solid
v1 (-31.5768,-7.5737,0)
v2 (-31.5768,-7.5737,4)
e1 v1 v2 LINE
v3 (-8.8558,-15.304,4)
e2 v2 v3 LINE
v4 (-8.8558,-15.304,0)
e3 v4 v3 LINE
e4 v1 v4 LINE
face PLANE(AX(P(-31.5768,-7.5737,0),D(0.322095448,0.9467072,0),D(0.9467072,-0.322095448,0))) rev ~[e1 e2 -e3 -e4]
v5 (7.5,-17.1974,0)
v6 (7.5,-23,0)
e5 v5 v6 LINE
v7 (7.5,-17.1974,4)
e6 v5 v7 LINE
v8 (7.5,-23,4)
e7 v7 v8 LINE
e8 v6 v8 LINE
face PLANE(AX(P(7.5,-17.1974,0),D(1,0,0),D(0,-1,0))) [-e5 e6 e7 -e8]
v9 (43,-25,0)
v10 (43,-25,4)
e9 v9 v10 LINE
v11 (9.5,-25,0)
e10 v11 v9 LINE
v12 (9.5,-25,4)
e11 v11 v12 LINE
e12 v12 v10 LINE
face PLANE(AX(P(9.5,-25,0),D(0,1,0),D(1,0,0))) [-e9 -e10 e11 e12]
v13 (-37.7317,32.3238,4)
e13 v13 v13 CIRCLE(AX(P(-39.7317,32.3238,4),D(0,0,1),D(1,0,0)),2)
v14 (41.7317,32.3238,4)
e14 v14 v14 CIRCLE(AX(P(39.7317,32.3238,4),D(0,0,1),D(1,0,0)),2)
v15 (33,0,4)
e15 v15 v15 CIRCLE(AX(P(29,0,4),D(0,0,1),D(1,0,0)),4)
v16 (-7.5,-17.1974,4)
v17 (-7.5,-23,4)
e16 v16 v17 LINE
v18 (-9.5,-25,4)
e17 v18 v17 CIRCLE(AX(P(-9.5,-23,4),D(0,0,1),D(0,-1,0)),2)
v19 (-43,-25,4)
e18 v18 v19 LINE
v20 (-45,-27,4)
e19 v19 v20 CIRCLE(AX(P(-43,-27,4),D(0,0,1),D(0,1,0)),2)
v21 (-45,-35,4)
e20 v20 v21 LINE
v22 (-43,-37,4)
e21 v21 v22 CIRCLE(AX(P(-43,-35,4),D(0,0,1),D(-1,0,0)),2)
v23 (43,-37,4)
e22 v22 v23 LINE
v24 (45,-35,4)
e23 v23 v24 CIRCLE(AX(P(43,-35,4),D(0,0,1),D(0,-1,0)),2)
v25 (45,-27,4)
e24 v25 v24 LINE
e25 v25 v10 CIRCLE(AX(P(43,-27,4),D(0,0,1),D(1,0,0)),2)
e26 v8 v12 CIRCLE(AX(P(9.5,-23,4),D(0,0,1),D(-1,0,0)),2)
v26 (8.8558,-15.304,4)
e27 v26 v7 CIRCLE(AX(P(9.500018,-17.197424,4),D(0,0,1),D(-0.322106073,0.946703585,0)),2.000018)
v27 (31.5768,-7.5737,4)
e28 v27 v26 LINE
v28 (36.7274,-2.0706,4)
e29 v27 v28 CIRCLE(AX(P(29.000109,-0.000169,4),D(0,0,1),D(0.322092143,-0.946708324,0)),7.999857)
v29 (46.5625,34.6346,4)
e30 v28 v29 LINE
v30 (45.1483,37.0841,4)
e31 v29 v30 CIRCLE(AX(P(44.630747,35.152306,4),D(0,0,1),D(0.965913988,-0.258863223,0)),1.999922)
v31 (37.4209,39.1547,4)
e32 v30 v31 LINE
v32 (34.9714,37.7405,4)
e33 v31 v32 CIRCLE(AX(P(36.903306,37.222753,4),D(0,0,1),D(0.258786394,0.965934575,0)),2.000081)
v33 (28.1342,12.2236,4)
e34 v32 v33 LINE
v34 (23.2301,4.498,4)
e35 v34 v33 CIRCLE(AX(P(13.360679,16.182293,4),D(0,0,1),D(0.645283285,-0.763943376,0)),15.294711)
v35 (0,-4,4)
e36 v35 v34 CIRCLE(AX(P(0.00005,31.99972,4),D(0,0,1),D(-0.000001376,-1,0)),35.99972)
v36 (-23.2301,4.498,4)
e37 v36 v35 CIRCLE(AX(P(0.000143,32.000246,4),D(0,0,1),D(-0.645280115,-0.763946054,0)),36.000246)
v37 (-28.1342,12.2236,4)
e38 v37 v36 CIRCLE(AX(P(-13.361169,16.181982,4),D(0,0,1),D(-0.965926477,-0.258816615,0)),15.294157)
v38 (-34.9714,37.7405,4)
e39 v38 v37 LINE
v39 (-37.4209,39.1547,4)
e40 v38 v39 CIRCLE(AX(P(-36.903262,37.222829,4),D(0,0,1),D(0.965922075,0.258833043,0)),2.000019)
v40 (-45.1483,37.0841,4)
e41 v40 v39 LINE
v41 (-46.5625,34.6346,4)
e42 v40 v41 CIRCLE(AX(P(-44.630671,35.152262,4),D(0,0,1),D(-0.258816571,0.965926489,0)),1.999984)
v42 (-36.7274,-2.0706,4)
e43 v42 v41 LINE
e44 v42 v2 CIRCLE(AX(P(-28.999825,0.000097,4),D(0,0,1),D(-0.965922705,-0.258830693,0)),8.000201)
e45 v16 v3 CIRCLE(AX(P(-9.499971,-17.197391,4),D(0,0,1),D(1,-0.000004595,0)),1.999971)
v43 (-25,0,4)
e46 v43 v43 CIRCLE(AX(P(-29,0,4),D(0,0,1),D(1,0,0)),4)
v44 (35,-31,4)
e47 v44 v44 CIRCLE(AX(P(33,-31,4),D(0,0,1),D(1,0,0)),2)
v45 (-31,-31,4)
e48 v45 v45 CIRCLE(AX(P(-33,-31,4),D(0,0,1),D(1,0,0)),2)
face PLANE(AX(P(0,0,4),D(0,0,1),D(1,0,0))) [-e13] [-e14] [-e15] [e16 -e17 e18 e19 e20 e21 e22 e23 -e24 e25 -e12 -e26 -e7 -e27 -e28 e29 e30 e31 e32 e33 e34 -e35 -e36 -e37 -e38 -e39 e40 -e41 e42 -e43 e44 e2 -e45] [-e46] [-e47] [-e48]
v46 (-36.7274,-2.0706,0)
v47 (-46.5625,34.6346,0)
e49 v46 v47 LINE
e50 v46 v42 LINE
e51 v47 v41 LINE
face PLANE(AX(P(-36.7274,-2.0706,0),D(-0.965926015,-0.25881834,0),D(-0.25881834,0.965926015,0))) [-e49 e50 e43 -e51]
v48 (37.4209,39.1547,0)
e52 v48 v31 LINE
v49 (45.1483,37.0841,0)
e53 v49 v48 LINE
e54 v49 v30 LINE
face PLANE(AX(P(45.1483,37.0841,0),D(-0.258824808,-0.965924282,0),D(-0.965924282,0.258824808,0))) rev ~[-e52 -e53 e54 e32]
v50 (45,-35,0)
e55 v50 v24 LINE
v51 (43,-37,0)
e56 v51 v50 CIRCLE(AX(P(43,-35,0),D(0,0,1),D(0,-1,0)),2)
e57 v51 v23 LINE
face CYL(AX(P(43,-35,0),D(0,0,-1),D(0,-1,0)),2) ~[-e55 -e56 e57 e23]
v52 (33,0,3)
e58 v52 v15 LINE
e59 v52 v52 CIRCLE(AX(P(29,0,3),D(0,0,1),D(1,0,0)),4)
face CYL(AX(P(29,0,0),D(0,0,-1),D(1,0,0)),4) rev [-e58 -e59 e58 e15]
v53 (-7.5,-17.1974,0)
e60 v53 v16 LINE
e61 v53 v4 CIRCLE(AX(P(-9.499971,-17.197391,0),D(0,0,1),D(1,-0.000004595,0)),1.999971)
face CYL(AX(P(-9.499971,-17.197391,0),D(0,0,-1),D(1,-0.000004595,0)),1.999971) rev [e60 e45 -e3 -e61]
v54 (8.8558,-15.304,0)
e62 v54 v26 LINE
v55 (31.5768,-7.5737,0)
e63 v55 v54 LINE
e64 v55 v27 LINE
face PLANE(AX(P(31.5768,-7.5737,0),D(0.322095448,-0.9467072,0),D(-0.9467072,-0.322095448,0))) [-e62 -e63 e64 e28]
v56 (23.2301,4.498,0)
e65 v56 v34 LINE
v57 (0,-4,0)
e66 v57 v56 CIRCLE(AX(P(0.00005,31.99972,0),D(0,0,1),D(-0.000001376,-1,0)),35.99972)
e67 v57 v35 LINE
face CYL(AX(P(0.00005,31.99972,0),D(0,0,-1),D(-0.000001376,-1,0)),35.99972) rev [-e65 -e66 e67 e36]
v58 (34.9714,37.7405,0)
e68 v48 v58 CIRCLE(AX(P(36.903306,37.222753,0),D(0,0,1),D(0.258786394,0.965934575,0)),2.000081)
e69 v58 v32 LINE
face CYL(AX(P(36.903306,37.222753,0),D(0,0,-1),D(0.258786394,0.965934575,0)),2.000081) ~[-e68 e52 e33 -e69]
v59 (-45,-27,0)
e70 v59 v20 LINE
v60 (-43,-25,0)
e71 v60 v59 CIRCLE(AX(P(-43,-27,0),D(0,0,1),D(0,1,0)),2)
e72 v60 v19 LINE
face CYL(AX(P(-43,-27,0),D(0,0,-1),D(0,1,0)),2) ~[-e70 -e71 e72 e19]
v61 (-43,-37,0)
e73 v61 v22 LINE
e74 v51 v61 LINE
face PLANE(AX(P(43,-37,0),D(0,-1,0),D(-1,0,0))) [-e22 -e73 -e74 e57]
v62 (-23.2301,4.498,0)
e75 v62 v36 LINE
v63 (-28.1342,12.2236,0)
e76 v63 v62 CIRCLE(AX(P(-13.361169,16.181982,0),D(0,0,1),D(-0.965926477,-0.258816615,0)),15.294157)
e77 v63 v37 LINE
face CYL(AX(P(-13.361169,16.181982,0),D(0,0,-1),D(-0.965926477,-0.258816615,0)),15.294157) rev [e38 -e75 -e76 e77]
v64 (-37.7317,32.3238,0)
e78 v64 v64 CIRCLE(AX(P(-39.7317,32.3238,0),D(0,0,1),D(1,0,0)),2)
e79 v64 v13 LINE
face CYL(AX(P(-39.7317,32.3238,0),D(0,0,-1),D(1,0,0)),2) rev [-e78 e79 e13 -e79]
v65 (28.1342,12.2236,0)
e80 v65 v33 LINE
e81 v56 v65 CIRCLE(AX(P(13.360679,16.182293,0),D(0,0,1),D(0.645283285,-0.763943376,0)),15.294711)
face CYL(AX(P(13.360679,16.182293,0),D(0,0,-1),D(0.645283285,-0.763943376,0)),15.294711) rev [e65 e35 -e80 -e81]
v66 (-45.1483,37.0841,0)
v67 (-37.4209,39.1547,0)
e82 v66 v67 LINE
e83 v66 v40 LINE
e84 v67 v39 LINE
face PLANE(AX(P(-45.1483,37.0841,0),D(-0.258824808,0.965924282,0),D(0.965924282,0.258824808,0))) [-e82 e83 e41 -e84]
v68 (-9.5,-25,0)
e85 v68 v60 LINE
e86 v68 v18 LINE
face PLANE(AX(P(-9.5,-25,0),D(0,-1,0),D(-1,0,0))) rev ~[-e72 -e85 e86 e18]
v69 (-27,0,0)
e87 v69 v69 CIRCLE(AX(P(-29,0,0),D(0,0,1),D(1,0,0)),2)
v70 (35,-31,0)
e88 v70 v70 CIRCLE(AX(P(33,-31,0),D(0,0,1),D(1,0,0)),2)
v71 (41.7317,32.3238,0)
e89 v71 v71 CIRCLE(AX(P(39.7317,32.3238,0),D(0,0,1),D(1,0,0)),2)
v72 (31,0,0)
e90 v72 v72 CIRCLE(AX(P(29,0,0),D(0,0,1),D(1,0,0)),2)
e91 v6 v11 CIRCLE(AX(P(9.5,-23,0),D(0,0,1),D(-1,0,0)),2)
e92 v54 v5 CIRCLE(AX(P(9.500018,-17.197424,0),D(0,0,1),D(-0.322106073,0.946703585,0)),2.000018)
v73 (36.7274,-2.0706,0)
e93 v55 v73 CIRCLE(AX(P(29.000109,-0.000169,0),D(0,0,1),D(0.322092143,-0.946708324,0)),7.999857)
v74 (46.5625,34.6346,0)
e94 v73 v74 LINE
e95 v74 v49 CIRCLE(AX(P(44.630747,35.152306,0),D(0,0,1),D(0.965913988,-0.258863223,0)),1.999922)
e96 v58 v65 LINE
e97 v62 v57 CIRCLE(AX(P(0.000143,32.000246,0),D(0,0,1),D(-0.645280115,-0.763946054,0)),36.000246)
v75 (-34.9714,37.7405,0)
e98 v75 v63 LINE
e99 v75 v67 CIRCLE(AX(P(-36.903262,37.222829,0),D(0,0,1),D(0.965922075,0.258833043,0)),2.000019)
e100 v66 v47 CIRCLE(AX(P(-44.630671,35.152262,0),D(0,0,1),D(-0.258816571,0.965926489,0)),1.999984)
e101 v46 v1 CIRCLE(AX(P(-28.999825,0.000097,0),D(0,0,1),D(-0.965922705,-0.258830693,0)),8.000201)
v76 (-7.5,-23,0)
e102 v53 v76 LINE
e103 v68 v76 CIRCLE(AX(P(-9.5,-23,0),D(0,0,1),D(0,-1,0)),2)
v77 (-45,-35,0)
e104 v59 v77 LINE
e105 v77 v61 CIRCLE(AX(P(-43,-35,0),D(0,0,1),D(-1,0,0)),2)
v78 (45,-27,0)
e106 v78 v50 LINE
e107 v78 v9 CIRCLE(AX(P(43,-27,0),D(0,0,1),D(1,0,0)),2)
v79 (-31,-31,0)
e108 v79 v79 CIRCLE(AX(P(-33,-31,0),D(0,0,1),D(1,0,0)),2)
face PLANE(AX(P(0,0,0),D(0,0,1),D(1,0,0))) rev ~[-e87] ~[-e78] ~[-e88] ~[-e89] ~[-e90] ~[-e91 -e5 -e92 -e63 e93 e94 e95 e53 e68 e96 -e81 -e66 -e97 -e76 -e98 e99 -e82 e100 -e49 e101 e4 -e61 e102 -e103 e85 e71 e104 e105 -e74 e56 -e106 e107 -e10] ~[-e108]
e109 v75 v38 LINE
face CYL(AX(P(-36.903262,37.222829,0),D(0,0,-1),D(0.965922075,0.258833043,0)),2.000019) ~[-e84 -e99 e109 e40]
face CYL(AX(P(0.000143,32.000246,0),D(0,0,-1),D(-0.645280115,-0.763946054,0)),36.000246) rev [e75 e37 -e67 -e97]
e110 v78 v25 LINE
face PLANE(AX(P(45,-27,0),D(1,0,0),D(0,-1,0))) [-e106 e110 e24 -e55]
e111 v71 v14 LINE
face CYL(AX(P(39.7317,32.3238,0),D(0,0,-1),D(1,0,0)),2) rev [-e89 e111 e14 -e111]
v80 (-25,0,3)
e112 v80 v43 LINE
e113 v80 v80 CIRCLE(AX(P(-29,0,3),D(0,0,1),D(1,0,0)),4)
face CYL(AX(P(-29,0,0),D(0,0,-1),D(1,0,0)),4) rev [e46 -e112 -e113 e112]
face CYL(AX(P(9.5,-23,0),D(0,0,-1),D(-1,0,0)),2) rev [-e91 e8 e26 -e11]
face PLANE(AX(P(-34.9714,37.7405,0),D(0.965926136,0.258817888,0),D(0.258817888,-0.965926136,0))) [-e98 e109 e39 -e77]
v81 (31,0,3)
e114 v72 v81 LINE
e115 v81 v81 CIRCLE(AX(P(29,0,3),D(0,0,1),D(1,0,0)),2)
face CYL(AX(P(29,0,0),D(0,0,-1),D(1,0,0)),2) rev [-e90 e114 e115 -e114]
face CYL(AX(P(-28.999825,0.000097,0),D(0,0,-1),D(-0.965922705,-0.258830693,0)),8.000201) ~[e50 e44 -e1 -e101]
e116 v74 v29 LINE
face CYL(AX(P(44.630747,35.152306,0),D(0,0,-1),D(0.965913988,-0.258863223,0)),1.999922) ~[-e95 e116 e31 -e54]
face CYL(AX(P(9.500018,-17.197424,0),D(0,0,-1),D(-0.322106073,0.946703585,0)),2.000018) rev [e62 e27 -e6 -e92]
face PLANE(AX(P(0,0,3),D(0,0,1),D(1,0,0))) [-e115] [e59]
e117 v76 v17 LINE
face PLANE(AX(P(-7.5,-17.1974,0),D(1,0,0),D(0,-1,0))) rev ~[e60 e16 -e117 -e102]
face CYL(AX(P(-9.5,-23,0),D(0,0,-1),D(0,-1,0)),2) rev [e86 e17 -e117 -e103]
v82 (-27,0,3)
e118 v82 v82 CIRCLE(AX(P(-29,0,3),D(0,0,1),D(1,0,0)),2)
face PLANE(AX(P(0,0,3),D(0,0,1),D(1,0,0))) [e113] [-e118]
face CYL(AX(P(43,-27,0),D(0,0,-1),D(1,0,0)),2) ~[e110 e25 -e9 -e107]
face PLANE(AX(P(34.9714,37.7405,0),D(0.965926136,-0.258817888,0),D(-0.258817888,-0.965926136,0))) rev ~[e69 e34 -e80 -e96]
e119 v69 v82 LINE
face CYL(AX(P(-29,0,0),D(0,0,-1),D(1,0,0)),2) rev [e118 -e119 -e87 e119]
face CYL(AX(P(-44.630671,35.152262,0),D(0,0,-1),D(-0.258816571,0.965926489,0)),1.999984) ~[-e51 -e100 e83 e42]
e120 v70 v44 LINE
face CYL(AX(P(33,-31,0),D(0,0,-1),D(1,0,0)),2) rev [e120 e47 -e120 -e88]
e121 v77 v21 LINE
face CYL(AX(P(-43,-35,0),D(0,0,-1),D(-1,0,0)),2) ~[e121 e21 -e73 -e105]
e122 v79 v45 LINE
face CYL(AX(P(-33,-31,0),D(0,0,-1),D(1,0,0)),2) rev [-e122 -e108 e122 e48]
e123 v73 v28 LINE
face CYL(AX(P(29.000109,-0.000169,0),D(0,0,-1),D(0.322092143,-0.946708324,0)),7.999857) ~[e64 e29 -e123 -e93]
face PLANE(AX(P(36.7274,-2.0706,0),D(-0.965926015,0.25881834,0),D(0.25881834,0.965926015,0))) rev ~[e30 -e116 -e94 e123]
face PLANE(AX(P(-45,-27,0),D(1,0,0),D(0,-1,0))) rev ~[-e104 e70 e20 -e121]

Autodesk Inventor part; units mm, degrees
ref_plane "YZ Plane" through (0, 0, 0) normal (1, 0, 0) x (0, 1, 0)
ref_plane "XZ Plane" through (0, 0, 0) normal (0, 1, 0) x (-1, 0, 0)
ref_plane "XY Plane" through (0, 0, 0) normal (0, 0, 1) x (1, 0, 0)
sketch "Sketch1" plane through (0, 0, 0) normal (0, 0, 1) x (1, 0, 0)
  circle A0 centre (-29, 0) radius 2
  line L0 (-62.2888, 0) -> (62.2888, 0) construction
  arc A1 (-36.7274, -2.0706) -> (-31.5768, -7.5737) centre (-29, 0) ccw
  arc A2 (-23.2301, 4.498) -> (0, -4) centre (0, 32) ccw
  line L1 (0, -55.9324) -> (0, 55.5944) construction
  line L2 (-31.5768, -7.5737) -> (-8.8558, -15.304)
  line L3 (-7.5, -17.1974) -> (-7.5, -23)
  line L4 (-36.7274, -2.0706) -> (-46.5625, 34.6346)
  line L5 (-45.1483, 37.0841) -> (-37.4209, 39.1547)
  line L6 (-34.9714, 37.7405) -> (-28.1342, 12.2236)
  arc A3 (-7.5, -17.1974) -> (-8.8558, -15.304) centre (-9.5, -17.1974) ccw
  arc A4 (-45.1483, 37.0841) -> (-46.5625, 34.6346) centre (-44.6307, 35.1523) ccw
  arc A5 (-34.9714, 37.7405) -> (-37.4209, 39.1547) centre (-36.9033, 37.2228) ccw
  circle A6 centre (29, 0) radius 2
  line L7 (62.2888, 0) -> (-62.2888, 0) construction
  arc A7 (31.5768, -7.5737) -> (36.7274, -2.0706) centre (29, 0) ccw
  line L8 (31.5768, -7.5737) -> (8.8558, -15.304)
  line L9 (7.5, -17.1974) -> (7.5, -25)
  line L10 (36.7274, -2.0706) -> (46.5625, 34.6346)
  line L11 (45.1483, 37.0841) -> (37.4209, 39.1547)
  arc A8 (8.8558, -15.304) -> (7.5, -17.1974) centre (9.5, -17.1974) ccw
  arc A9 (46.5625, 34.6346) -> (45.1483, 37.0841) centre (44.6307, 35.1523) ccw
  arc A10 (37.4209, 39.1547) -> (34.9714, 37.7405) centre (36.9033, 37.2228) ccw
  circle A11 centre (-29, 0) radius 4
  circle A12 centre (29, 0) radius 4
  line L12 (-9.5, -25) -> (-43, -25)
  line L13 (-45, -27) -> (-45, -35)
  line L14 (-43, -37) -> (0, -37)
  arc A13 (-43, -25) -> (-45, -27) centre (-43, -27) ccw
  arc A14 (-45, -35) -> (-43, -37) centre (-43, -35) ccw
  arc A15 (-9.5, -25) -> (-7.5, -23) centre (-9.5, -23) ccw
  line L15 (9.5, -25) -> (43, -25)
  line L16 (45, -27) -> (45, -35)
  line L17 (43, -37) -> (0, -37)
  arc A16 (45, -27) -> (43, -25) centre (43, -27) ccw
  arc A17 (43, -37) -> (45, -35) centre (43, -35) ccw
  arc A18 (7.5, -23) -> (9.5, -25) centre (9.5, -23) ccw
  arc A19 (-28.1342, 12.2236) -> (-23.2301, 4.498) centre (-13.3609, 16.1821) ccw
  arc A20 (0, -4) -> (23.2301, 4.498) centre (0, 32) ccw
  line L18 (34.9714, 37.7405) -> (28.1342, 12.2236)
  arc A21 (23.2301, 4.498) -> (28.1342, 12.2236) centre (13.3609, 16.1821) ccw
  circle A22 centre (-39.7317, 32.3238) radius 2
  circle A23 centre (39.7317, 32.3238) radius 2
  circle A24 centre (-33, -31) radius 2
  circle A25 centre (33, -31) radius 2
  point P0 (0, 0)
  point P1 (-7.5, -15.7653)
  point P2 (-47.0802, 36.5665)
  point P3 (-26.9294, 7.7274)
  point P4 (-7.5, -25)
  point P5 (-15, -20)
  point P6 (7.5, -15.7653)
  point P7 (47.0802, 36.5665)
  point P8 (15, -20)
  point P9 (-29, -40)
  point P10 (-45, -25)
  point P11 (-45, -37)
  point P12 (45, -25)
  point P13 (45, -37)
  point P14 (7.5, -23)
  dimension "d0" = 4
  dimension "d1" = 58
  dimension "d7" = 2
  dimension "d9" = 15
  dimension "d12" = 20
  dimension "d13" = 30
  dimension "d15" = 2
  dimension "d19" = 8
  dimension "d20" = 15
  dimension "d21" = 15
  dimension "d22" = 12
  dimension "d24" = 4
  dimension "d26" = 24
  dimension "d28" = 40
  dimension "d40" = 8
  dimension "d45" = 40
  dimension "d46" = 58
  dimension "d47" = 2
  dimension "d48" = 12
  dimension "d49" = 25
  dimension "d50" = 90
  dimension "d53" = 36
  dimension "d54" = 15.2944
  dimension "d55" = 4
  dimension "d56" = 6
  dimension "d57" = 6
  dimension "d61" = 4
  dimension "d62" = 12
  dimension "d63" = 6
extrude "Extrusion3" add sketch "Sketch1" along normal blind 3 contours A11 | A12
extrude "Extrusion4" add sketch "Sketch1" along normal blind 4 contours L4 A4 L5 A5 L6 A19 A2 A20 A21 L18 A10 L11 A9 L10 A7 L8 A8 L9 A18 L15 A16 L16 A17 L17 L14 A14 L13 A13 L12 A15 L3 A3 L2 A1
properties part number "UnitreeGO2_frontmount"
